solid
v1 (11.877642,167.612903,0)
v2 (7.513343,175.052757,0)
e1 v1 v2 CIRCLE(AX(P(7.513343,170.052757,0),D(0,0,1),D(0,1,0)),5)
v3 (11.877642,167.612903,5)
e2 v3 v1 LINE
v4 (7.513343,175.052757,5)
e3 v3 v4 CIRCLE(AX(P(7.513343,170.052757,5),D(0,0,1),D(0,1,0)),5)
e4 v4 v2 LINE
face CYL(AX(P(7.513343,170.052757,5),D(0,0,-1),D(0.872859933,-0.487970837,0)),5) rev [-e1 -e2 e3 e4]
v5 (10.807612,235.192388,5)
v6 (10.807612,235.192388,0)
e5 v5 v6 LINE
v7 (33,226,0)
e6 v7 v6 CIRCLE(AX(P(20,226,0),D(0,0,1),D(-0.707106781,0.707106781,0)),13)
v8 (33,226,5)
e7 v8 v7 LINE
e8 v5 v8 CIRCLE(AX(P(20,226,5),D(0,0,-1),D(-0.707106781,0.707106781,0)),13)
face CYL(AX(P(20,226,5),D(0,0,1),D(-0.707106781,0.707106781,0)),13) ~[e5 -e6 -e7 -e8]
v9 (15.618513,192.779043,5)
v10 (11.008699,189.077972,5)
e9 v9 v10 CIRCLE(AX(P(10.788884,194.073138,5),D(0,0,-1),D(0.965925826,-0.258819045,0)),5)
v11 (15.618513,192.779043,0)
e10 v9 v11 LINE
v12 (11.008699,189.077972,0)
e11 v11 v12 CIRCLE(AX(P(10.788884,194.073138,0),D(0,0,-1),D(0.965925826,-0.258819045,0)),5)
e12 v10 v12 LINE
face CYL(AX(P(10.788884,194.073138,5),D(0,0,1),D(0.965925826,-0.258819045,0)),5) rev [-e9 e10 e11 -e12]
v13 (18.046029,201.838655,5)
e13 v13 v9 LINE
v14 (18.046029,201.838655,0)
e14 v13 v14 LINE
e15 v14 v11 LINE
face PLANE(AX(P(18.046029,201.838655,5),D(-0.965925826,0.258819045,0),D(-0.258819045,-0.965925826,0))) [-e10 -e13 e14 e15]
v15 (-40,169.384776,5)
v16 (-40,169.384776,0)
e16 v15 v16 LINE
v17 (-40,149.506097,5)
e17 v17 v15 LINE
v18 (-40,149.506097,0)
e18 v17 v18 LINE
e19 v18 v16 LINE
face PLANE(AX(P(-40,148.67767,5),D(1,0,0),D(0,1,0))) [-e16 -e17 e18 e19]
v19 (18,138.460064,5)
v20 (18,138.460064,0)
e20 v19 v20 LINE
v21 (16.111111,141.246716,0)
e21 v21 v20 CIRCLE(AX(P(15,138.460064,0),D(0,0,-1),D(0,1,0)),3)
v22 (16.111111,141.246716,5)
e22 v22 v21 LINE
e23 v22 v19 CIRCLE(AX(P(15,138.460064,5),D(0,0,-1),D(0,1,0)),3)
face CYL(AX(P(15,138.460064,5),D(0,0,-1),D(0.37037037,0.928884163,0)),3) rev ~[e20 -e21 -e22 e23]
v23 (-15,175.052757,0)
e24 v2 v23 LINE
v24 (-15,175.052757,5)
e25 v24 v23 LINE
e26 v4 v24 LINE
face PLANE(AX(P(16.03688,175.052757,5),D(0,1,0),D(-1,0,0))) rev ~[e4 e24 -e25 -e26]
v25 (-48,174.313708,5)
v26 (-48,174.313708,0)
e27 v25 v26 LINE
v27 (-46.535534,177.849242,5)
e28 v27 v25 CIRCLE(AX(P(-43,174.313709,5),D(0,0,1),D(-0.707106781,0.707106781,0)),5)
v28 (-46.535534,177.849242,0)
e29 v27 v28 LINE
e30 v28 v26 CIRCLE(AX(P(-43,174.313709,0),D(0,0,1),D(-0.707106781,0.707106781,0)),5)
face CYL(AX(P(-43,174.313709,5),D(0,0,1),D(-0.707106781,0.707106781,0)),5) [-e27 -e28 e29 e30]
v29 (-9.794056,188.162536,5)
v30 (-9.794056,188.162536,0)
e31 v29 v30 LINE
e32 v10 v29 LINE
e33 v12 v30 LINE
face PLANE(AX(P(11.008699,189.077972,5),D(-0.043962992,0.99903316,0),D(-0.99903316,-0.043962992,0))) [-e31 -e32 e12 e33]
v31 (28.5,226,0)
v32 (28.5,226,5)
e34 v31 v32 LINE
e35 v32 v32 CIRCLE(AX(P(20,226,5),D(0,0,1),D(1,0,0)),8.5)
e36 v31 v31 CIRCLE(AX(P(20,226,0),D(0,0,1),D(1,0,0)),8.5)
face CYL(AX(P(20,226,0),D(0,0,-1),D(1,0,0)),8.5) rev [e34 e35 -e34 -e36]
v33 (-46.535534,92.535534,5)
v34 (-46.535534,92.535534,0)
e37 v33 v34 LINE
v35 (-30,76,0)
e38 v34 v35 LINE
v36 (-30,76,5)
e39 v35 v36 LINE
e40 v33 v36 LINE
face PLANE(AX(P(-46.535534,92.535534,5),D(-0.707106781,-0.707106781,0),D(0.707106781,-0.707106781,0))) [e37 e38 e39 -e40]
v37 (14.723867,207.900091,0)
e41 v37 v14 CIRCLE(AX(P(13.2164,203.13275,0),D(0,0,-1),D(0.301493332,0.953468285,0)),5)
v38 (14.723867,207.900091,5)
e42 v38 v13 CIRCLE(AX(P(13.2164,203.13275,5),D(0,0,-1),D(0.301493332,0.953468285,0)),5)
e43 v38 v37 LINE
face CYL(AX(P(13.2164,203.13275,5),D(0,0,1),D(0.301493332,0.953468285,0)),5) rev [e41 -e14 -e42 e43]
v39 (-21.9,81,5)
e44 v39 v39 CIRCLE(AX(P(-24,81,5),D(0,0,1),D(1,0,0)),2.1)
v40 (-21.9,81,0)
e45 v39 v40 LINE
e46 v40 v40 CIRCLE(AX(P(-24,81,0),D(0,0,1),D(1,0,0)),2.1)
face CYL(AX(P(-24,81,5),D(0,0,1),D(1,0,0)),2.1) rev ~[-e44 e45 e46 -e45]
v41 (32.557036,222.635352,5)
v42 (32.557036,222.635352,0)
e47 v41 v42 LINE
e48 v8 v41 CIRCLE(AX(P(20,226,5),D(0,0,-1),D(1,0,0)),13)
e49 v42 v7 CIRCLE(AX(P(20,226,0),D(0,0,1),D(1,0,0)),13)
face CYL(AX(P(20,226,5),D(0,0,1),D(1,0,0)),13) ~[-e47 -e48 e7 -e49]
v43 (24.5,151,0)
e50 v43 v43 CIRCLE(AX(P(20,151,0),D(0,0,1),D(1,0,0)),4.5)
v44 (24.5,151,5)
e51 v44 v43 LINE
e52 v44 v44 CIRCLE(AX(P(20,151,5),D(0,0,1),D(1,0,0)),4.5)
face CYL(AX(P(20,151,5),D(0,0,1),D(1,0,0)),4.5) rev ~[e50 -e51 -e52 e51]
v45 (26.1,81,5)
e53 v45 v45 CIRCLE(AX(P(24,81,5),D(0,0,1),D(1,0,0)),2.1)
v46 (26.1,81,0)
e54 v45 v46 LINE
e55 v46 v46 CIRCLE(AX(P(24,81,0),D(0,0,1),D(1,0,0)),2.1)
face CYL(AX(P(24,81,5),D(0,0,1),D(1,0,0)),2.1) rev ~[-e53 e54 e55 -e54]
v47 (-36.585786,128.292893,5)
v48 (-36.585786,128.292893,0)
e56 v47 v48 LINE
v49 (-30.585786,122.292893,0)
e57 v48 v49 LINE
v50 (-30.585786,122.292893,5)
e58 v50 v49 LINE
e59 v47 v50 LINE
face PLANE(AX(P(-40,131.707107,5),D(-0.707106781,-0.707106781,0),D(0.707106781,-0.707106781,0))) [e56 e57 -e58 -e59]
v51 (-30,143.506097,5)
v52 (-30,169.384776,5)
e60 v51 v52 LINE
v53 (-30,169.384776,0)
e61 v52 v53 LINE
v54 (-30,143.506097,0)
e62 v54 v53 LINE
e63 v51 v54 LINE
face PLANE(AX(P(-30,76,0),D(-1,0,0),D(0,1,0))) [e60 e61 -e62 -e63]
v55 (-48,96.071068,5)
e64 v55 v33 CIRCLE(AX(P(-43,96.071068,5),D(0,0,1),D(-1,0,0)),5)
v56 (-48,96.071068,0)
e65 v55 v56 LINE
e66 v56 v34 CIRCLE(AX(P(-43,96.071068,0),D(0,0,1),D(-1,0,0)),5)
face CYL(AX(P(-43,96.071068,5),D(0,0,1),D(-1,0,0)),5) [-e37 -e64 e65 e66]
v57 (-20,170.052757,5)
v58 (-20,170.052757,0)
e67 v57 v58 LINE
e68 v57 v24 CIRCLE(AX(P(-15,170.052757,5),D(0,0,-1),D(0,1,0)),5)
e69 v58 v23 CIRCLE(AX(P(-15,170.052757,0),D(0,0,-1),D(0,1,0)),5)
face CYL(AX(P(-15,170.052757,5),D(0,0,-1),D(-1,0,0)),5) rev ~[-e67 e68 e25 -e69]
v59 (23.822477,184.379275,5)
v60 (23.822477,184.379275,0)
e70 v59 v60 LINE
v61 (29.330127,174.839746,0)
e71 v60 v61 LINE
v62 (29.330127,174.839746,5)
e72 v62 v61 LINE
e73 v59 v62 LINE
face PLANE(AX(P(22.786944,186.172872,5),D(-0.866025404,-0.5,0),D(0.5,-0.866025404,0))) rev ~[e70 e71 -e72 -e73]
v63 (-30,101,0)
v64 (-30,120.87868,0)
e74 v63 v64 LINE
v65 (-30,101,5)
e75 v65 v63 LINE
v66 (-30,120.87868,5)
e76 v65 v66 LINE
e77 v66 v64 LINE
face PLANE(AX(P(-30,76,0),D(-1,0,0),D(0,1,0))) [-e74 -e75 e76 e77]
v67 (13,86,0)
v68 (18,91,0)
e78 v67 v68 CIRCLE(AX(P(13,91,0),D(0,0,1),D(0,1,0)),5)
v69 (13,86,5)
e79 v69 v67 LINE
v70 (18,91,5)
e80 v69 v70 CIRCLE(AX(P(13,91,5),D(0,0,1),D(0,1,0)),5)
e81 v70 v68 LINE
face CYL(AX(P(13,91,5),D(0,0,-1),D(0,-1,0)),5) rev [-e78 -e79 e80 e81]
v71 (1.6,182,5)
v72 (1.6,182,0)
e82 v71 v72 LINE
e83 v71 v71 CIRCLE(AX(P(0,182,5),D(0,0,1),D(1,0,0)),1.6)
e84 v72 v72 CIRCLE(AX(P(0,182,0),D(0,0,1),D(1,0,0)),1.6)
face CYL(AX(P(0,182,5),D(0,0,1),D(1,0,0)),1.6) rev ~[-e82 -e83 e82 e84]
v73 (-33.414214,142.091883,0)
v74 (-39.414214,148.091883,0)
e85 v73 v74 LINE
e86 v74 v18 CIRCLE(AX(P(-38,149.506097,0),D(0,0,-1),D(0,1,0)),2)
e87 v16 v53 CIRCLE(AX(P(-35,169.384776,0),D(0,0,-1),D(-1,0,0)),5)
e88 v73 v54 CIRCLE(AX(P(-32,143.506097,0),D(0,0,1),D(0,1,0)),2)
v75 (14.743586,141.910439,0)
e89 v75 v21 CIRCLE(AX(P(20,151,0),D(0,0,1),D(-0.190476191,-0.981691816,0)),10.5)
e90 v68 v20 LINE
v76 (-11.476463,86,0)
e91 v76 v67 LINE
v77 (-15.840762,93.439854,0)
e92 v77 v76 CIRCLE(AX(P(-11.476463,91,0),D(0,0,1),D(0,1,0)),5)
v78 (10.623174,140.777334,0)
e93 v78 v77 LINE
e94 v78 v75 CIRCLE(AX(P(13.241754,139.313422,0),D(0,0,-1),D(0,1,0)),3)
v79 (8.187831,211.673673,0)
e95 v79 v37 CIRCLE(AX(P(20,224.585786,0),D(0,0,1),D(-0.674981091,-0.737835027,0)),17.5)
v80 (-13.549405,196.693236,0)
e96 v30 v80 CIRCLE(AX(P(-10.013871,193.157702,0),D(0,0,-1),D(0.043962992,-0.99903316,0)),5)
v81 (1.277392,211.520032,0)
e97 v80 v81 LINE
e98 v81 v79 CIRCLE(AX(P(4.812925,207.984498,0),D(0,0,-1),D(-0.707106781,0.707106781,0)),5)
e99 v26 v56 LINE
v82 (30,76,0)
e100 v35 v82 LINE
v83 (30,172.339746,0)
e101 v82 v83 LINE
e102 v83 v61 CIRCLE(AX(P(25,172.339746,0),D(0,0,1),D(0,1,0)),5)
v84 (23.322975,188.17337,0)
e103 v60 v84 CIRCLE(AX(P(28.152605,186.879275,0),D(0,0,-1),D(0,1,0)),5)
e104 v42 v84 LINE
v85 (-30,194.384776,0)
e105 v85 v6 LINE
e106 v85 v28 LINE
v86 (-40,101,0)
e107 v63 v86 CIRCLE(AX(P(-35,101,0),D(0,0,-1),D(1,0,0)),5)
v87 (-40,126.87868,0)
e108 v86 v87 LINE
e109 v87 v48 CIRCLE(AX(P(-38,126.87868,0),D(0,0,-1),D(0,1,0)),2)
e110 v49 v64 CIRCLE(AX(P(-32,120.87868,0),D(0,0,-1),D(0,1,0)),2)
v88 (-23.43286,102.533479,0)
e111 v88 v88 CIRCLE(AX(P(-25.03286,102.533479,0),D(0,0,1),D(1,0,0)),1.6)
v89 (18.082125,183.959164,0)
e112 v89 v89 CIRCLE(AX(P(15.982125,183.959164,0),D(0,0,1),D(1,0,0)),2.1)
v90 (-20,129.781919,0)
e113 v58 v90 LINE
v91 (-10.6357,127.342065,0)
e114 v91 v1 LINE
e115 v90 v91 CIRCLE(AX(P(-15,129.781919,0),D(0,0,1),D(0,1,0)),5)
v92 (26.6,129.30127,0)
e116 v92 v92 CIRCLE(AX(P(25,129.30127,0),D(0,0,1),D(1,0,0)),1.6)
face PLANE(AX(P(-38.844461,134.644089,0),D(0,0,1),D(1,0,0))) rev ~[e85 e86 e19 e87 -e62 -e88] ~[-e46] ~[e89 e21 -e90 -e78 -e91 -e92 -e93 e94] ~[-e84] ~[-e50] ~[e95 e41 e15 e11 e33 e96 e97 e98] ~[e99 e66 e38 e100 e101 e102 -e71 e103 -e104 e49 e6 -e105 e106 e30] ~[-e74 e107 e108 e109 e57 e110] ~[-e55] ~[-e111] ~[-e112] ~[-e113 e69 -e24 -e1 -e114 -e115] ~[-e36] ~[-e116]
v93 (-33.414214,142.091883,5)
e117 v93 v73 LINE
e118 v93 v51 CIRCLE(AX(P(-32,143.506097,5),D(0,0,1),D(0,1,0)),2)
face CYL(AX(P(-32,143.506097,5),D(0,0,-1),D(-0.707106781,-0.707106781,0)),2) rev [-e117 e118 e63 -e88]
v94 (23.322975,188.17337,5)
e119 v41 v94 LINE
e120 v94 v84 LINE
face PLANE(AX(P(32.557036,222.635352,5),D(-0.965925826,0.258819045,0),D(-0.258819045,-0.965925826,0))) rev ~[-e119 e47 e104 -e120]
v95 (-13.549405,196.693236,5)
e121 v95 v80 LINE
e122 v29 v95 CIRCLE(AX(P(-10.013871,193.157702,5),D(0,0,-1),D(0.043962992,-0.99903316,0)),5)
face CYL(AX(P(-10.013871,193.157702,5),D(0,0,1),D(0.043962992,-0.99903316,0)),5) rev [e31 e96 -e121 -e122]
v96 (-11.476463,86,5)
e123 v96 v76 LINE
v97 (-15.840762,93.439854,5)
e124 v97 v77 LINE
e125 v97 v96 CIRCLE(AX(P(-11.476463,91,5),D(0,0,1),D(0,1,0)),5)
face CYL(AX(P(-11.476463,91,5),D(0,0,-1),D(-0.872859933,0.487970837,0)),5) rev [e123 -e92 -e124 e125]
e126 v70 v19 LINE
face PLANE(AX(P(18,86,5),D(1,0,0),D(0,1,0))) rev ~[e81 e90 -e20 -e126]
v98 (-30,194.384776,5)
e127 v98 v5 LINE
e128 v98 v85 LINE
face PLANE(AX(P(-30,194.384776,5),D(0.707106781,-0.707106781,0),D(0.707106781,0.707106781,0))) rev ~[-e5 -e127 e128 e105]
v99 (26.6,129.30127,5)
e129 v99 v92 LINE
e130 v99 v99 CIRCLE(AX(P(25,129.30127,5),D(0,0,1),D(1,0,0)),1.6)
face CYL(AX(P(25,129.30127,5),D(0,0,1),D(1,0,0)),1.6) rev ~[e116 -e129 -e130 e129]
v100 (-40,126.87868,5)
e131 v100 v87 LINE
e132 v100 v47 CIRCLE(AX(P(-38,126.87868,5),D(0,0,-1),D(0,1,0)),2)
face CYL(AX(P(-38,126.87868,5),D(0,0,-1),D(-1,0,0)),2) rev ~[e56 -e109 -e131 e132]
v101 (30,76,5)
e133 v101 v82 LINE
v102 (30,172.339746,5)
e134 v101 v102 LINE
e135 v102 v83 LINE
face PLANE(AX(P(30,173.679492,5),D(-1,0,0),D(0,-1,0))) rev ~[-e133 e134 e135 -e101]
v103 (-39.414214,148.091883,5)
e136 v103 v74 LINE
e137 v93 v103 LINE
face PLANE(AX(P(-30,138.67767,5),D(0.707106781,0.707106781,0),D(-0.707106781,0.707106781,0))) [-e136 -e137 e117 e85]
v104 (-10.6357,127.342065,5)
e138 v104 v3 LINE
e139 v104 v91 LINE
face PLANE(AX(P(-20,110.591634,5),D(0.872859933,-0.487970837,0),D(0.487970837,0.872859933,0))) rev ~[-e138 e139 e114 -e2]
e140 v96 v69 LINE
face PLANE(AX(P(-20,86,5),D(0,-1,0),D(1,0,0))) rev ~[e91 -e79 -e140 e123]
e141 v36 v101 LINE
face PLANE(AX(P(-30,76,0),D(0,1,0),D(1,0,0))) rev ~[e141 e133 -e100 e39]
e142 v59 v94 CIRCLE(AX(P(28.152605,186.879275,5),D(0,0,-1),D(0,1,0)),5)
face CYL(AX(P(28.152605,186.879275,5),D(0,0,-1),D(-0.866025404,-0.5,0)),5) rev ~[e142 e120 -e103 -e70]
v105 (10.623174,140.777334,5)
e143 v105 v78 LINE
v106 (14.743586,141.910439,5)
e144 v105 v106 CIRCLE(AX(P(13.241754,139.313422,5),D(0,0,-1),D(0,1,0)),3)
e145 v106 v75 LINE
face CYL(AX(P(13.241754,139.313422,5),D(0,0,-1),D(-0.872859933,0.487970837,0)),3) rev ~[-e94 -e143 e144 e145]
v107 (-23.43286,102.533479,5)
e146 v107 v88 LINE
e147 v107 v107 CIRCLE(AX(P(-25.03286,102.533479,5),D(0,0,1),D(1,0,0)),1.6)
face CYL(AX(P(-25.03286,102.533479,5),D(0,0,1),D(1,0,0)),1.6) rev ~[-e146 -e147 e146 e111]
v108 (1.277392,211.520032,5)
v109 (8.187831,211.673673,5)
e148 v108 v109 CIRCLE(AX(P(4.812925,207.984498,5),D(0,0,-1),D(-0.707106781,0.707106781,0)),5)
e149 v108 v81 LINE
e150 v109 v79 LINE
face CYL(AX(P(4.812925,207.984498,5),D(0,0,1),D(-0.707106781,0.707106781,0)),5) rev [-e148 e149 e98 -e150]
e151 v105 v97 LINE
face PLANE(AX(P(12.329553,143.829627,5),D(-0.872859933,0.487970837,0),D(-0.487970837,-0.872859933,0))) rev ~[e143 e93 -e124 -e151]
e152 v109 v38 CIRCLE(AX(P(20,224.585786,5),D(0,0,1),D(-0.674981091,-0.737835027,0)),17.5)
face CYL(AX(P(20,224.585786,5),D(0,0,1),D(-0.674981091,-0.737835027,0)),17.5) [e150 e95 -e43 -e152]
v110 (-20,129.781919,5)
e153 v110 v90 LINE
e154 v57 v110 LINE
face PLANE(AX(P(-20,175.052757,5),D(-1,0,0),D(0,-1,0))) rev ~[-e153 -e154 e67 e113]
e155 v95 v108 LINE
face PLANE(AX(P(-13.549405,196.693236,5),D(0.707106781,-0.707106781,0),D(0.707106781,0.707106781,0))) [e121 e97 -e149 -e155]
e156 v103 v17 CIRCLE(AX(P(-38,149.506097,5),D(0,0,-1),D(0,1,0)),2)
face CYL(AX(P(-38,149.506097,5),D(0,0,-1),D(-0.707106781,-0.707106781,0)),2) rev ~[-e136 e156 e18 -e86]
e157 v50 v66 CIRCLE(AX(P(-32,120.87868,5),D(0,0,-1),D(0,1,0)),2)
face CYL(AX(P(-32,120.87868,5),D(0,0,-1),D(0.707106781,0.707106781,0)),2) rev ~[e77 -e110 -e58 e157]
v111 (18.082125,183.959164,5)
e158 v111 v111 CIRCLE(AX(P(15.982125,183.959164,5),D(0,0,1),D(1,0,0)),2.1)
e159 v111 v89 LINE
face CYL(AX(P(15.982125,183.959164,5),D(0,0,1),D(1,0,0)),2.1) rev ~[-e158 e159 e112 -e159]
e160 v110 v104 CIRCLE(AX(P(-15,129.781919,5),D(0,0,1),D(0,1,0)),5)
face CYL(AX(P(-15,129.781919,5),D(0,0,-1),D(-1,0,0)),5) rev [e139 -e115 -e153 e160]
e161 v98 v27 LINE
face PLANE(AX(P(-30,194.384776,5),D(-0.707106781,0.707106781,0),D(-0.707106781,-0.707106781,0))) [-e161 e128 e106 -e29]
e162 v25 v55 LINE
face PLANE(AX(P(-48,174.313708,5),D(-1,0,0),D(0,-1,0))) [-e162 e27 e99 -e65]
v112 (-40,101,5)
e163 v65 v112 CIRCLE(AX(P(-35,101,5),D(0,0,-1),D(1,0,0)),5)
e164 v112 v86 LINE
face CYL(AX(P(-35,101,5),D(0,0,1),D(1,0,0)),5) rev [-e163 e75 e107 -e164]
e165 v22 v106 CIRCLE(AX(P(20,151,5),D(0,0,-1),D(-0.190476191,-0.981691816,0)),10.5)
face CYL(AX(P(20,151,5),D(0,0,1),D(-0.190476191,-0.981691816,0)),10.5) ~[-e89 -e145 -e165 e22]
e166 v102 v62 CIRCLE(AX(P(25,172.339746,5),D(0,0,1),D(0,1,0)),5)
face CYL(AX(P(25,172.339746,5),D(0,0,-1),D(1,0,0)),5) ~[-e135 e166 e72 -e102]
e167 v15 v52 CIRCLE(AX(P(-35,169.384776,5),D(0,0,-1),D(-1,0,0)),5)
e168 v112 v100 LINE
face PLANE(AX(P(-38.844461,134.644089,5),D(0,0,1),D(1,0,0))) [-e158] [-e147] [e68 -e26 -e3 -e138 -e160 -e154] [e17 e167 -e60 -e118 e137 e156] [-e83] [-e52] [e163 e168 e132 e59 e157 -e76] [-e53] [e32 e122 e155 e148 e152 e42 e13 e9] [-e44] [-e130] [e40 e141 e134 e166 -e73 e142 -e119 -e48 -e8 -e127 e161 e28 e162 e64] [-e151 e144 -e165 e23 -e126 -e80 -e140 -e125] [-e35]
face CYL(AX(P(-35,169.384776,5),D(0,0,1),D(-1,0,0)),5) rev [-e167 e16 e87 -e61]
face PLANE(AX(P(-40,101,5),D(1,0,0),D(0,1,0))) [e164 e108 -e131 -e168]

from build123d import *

# Parameters (mm, degrees)
SKETCH1_W           = 80
SKETCH1_H           = 180
SKETCH1_R           = 8.5
BOSS_EXTRUDE1_DEPTH = 5
SKETCH2_R           = 4.5
CUT_EXTRUDE1_DEPTH  = 30
SKETCH3_R           = 1.6
SKETCH3_R_2         = 2.5
CUT_EXTRUDE2_DEPTH  = 5
CUT_EXTRUDE3_DEPTH  = 10
BOSS_EXTRUDE2_DEPTH = 5
FILLET1_R           = 2
FILLET2_R           = 5
SKETCH6_R           = 2.1
CUT_EXTRUDE4_DEPTH  = 5
SKETCH7_W           = 60
SKETCH7_H           = 19.778044947
BOSS_EXTRUDE3_DEPTH = 5
SKETCH8_R           = 2.1
CUT_EXTRUDE6_DEPTH  = 5
CUT_EXTRUDE7_DEPTH  = 5
CUT_EXTRUDE8_DEPTH  = 10
FILLET3_R           = 5
FILLET4_R           = 3


with BuildPart() as part:
    # Sketch1 → Boss-Extrude1 (new body)
    with BuildSketch(Plane.XY):
        with Locations((10, 166)):
            Rectangle(SKETCH1_W, SKETCH1_H)
        with Locations((20, 226)):
            Circle(SKETCH1_R, mode=Mode.SUBTRACT)
    extrude(amount=BOSS_EXTRUDE1_DEPTH)

    # Sketch2 → Cut-Extrude1 (cut)
    with BuildSketch(Plane.XY.offset(5)):
        with Locations((20, 151)):
            Circle(SKETCH2_R)
    extrude(amount=-CUT_EXTRUDE1_DEPTH, mode=Mode.SUBTRACT)

    # Sketch3 → Cut-Extrude2 (cut)
    with BuildSketch(Plane.XY.offset(5)):
        with Locations((0, 182)):
            Circle(SKETCH3_R)
        with Locations((25, 129.301270189)):
            Circle(SKETCH3_R)
        with Locations((-25.032859693, 102.533479235)):
            Circle(SKETCH3_R)
        with Locations((-15, 81)):
            Circle(SKETCH3_R_2)
        with Locations((15, 81)):
            Circle(SKETCH3_R_2)
        with Locations((24, 91)):
            Circle(SKETCH3_R_2)
        with Locations((-24, 91)):
            Circle(SKETCH3_R_2)
    extrude(amount=-CUT_EXTRUDE2_DEPTH, mode=Mode.SUBTRACT)

    # Sketch4 → Cut-Extrude3 (cut)
    with BuildSketch(Plane.XY.offset(5)):
        with BuildLine():
            Line((-30, 194.384776311), (10.807611845, 235.192388155))
            ThreePointArc((10.807611845, 235.192388155), (24.974884621, 238.010433923), (33, 226))
            ThreePointArc((33, 226), (32.888783198, 224.303159501), (32.557035742, 222.635352414))
            Line((32.557035742, 222.635352414), (22.786943589, 186.172872106))
            Line((22.786943589, 186.172872106), (30, 173.679491924))
            Line((30, 173.679491924), (30, 76))
            Line((30, 76), (50, 76))
            Line((50, 76), (50, 256))
            Line((50, 256), (-30, 256))
            Line((-30, 256), (-30, 194.384776311))
        make_face()
    extrude(amount=-CUT_EXTRUDE3_DEPTH, mode=Mode.SUBTRACT)

    # Sketch5 → Boss-Extrude2 (add)
    with BuildSketch(Plane.XY.offset(5)):
        with BuildLine():
            Line((-30, 169.384776311), (-30, 194.384776311))
            Line((-30, 194.384776311), (-46.535533906, 177.849242405))
            ThreePointArc((-46.535533906, 177.849242405), (-47.619397663, 176.227125661), (-48, 174.313708499))
            Line((-48, 174.313708499), (-48, 96.071067812))
            ThreePointArc((-48, 96.071067812), (-47.619397663, 94.15765065), (-46.535533906, 92.535533906))
            Line((-46.535533906, 92.535533906), (-30, 76))
            Line((-30, 76), (-30, 101))
            ThreePointArc((-30, 101), (-35, 96), (-40, 101))
            Line((-40, 101), (-40, 131.707106781))
            Line((-40, 131.707106781), (-30, 121.707106781))
            Line((-30, 121.707106781), (-30, 138.67766953))
            Line((-30, 138.67766953), (-40, 148.67766953))
            Line((-40, 148.67766953), (-40, 169.384776311))
            ThreePointArc((-40, 169.384776311), (-35, 174.384776311), (-30, 169.384776311))
        make_face()
    extrude(amount=-BOSS_EXTRUDE2_DEPTH)

    # Fillet1
    fillet1_edges = [part.edges().sort_by_distance(p)[0] for p in [
        (-30, 121.707106781, 2.5),
        (-40, 131.707106781, 2.5),
        (-40, 148.67766953, 2.5),
        (-30, 138.67766953, 2.5),
    ]]
    fillet(fillet1_edges, radius=FILLET1_R)

    # Fillet2
    fillet2_edges = [part.edges().sort_by_distance(p)[0] for p in [
        (30, 173.679491924, 2.5),
        (22.786943589, 186.172872106, 2.5),
    ]]
    fillet(fillet2_edges, radius=FILLET2_R)

    # Sketch6 → Cut-Extrude4 (cut)
    with BuildSketch(Plane.XY.offset(5)):
        with Locations((15.982125076, 183.959163508)):
            Circle(SKETCH6_R)
    extrude(amount=-CUT_EXTRUDE4_DEPTH, mode=Mode.SUBTRACT)

    # Sketch7 → Boss-Extrude3 (add)
    with BuildSketch(Plane.XY.offset(5)):
        with Locations((0, 85.889022474)):
            Rectangle(SKETCH7_W, SKETCH7_H)
    extrude(amount=-BOSS_EXTRUDE3_DEPTH)

    # Sketch8 → Cut-Extrude6 (cut)
    with BuildSketch(Plane.XY.offset(5)):
        with Locations((-24, 81)):
            Circle(SKETCH8_R)
        with Locations((24, 81)):
            Circle(SKETCH8_R)
    extrude(amount=-CUT_EXTRUDE6_DEPTH, mode=Mode.SUBTRACT)

    # Sketch9 → Cut-Extrude7 (cut)
    with BuildSketch(Plane.XY.offset(5)):
        with BuildLine():
            Line((18.046029168, 201.838654795), (15.618513493, 192.779042959))
            ThreePointArc((15.618513493, 192.779042959), (13.91917225, 190.174254019), (11.008699323, 189.077972384))
            Line((11.008699323, 189.077972384), (-9.794056189, 188.162535924))
            ThreePointArc((-9.794056189, 188.162535924), (-14.590082182, 191.143181287), (-13.549405056, 196.693235631))
            Line((-13.549405056, 196.693235631), (1.27739155, 211.520032237))
            ThreePointArc((1.27739155, 211.520032237), (4.701786886, 212.983263), (8.18783091, 211.673673466))
            ThreePointArc((8.18783091, 211.673673466), (11.25, 209.430341871), (14.723866695, 207.900091446))
            ThreePointArc((14.723866695, 207.900091446), (17.601026512, 205.53588353), (18.046029168, 201.838654795))
        make_face()
    extrude(amount=-CUT_EXTRUDE7_DEPTH, mode=Mode.SUBTRACT)

    # Sketch10 → Cut-Extrude8 (cut)
    with BuildSketch(Plane.XY.offset(5)):
        Polygon((-20, 175.052757164), (-20, 110.591633523), (16.036879799, 175.052757164), align=None)
        with BuildLine():
            Line((12.329553187, 143.829627228), (-20, 86))
            Line((-20, 86), (18, 86))
            Line((18, 86), (18, 140.692235936))
            ThreePointArc((18, 140.692235936), (14.916675161, 141.812518921), (12.329553187, 143.829627228))
        make_face()
    extrude(amount=-CUT_EXTRUDE8_DEPTH, mode=Mode.SUBTRACT)

    # Fillet3
    fillet3_edges = [part.edges().sort_by_distance(p)[0] for p in [
        (18, 86, 2.5),
        (-20, 86, 2.5),
        (-20, 175.052757164, 2.5),
        (16.036879799, 175.052757164, 2.5),
        (-20, 110.591633523, 2.5),
    ]]
    fillet(fillet3_edges, radius=FILLET3_R)

    # Fillet4
    fillet4_edges = [part.edges().sort_by_distance(p)[0] for p in [
        (12.329553187, 143.829627228, 2.5),
        (18, 140.692235936, 2.5),
    ]]
    fillet(fillet4_edges, radius=FILLET4_R)


solid = part.part
